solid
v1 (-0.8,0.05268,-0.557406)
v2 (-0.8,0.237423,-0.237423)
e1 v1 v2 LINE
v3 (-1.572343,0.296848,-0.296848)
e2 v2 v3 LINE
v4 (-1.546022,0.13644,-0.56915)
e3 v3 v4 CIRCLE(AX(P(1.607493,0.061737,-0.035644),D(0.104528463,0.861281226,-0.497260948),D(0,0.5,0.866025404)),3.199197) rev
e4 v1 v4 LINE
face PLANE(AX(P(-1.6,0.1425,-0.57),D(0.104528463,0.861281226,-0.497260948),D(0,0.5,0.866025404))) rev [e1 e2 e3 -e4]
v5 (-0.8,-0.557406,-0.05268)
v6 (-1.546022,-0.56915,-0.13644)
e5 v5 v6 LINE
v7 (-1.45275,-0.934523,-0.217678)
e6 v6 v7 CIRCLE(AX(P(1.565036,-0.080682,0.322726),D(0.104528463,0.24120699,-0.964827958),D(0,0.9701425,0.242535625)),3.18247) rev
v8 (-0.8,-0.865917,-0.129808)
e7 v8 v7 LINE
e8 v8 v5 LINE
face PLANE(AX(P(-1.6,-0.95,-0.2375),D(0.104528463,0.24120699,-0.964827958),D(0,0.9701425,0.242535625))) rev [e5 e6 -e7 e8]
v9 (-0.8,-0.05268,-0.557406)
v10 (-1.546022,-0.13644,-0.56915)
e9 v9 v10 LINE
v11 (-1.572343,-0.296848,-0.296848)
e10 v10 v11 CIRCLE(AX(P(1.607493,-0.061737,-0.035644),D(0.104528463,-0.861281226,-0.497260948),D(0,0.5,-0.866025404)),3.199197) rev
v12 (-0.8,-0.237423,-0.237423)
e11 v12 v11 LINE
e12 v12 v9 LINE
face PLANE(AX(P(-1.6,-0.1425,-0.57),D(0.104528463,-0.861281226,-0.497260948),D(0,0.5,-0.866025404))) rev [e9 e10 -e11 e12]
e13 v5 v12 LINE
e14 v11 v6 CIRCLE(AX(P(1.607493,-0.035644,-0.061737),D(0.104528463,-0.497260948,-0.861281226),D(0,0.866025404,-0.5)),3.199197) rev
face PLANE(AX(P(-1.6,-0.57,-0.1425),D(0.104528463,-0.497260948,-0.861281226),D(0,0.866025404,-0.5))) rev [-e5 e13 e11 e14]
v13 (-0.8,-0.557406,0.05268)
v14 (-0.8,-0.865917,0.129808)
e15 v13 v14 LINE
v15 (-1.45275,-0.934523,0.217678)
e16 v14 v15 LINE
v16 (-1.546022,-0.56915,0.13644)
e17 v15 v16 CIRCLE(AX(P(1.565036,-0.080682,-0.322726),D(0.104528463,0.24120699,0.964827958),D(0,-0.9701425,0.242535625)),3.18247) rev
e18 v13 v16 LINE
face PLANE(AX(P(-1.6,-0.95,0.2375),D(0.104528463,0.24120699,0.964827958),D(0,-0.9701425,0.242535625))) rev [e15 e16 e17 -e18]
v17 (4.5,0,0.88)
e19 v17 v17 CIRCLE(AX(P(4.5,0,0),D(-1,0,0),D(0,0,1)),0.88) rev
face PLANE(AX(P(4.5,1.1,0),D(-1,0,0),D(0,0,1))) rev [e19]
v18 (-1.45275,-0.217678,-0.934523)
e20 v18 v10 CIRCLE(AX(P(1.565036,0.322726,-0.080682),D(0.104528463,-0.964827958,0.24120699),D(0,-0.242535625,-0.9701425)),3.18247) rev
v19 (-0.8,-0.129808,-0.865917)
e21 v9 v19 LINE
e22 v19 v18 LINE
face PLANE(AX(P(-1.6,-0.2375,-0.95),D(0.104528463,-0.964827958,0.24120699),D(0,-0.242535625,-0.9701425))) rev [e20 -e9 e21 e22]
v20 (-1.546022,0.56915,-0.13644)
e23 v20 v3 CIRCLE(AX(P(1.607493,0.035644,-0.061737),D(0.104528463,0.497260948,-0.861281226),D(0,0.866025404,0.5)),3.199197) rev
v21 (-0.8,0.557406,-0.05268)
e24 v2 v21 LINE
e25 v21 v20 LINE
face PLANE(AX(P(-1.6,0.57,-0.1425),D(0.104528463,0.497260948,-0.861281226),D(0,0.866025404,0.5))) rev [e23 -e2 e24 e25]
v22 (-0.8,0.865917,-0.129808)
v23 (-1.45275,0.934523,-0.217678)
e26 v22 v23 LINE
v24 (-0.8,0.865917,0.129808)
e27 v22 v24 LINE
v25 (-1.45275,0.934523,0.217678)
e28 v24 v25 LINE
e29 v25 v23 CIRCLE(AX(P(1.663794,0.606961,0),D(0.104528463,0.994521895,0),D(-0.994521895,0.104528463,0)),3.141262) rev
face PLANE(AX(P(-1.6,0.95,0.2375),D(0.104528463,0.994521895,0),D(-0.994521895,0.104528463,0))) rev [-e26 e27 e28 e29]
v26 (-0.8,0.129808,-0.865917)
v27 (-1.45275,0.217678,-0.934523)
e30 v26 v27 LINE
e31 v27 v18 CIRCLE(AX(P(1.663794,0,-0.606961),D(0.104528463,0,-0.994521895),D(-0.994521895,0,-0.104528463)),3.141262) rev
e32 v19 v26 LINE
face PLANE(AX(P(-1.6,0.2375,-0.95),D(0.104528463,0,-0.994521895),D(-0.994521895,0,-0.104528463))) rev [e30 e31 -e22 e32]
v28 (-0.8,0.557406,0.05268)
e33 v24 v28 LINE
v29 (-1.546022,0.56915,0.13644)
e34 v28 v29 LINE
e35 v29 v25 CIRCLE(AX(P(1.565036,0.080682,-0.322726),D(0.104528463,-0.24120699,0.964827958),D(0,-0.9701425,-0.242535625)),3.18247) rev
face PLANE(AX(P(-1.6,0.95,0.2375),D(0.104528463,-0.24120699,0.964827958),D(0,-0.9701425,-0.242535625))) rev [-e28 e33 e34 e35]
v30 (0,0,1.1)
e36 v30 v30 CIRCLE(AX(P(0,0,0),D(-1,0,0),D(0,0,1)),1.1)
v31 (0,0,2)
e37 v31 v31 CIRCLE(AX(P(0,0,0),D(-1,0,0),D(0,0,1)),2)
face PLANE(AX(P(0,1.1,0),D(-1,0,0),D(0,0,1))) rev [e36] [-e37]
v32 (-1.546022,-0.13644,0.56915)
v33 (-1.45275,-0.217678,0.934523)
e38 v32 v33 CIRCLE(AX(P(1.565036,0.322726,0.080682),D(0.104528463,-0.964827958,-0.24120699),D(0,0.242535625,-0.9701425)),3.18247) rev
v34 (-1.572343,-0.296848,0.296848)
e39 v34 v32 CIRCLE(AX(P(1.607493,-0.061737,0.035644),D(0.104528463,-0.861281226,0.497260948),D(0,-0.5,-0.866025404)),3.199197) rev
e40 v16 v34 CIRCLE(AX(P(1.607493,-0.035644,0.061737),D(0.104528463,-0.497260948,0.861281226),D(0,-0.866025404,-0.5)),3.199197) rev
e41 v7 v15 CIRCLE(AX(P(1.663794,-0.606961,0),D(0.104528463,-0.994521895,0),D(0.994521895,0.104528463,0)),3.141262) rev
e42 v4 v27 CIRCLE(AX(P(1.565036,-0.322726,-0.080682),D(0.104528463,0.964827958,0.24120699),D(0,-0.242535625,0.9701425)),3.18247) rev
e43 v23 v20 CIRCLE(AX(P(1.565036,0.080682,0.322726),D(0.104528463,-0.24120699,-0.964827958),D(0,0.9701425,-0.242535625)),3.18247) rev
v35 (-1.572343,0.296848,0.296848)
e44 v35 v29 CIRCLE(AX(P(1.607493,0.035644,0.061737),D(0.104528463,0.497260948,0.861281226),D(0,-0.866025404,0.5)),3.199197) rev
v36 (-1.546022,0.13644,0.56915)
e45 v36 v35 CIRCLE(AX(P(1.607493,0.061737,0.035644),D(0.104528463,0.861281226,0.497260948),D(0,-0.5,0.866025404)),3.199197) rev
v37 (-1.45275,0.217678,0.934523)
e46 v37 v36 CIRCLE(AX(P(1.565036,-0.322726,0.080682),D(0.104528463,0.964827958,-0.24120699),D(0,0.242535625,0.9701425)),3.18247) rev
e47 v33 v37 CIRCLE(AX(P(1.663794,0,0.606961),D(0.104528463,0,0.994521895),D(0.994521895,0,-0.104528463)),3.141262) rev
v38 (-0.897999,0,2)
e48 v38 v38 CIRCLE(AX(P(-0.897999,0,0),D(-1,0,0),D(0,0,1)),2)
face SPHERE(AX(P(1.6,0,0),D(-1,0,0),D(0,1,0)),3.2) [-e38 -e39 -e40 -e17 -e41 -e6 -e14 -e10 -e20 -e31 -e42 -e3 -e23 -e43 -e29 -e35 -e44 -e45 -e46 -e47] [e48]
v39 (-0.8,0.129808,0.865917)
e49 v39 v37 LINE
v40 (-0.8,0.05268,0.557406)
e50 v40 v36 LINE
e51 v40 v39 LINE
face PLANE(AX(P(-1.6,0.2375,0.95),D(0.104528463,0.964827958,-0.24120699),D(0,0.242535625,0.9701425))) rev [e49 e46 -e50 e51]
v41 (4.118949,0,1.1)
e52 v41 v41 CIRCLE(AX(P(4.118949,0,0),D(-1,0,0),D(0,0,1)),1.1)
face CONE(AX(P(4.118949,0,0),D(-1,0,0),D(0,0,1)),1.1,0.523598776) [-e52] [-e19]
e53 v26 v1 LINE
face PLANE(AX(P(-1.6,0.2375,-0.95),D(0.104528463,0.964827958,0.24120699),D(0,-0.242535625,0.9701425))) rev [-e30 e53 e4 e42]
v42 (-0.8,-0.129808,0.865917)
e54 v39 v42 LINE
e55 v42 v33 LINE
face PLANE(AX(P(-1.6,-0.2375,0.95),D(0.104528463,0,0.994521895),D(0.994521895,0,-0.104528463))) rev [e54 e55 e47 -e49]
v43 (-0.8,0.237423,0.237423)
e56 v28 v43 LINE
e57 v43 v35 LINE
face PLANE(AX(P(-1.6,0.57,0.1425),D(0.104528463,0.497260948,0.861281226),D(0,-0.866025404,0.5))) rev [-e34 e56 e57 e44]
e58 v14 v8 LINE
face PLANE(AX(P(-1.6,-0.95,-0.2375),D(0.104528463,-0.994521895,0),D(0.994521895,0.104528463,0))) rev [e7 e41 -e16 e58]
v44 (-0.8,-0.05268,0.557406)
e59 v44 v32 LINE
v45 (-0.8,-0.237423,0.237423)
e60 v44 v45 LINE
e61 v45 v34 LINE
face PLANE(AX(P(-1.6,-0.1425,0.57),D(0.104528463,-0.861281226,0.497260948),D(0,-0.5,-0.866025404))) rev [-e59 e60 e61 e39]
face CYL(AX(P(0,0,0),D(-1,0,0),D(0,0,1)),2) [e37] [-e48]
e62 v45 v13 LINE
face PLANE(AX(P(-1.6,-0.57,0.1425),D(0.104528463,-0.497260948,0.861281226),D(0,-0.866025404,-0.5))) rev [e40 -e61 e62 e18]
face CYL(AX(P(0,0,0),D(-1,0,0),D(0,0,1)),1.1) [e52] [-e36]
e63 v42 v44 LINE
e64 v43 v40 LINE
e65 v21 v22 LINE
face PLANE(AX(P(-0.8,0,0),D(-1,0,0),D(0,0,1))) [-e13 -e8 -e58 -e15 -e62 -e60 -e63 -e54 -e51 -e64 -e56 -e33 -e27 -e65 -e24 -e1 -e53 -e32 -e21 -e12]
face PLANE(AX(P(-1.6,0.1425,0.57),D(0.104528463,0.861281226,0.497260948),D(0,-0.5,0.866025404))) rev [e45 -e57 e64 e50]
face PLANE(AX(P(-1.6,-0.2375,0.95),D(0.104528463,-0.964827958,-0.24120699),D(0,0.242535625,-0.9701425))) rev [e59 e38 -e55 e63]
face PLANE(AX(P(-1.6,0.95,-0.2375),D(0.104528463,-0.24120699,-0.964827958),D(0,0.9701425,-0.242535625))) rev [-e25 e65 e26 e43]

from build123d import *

# Parameters (mm, degrees)
CHAMFER1_SIZE      = 0.22
CHAMFER1_SIZE2     = 0.381051178
CUT_EXTRUDE1_DEPTH = 0.8
CUT_EXTRUDE1_TAPER = 6


with BuildPart() as part:
    # Sketch1 → Revolve1 (revolve)
    with BuildSketch(Plane.XY, mode=Mode.PRIVATE) as revolve1_sk:
        with BuildLine():
            Line((0, 2), (-0.897999199, 2))
            ThreePointArc((-0.897999199, 2), (-1.419403703, 1.059811908), (-1.6, 0))
            Line((-1.6, 0), (4.5, 0))
            Line((4.5, 0), (4.5, 1.1))
            Line((4.5, 1.1), (0, 1.1))
            Line((0, 1.1), (0, 2))
        make_face()
    revolve(revolve1_sk.sketch.rotate(Axis((0, 0, 0), (1, 0, 0)), 90), axis=Axis((0, 0, 0), (1, 0, 0)))

    # Chamfer1
    chamfer1_edges = [part.edges().sort_by_distance(p)[0] for p in [
        (4.5, 0, -1.1),
    ]]
    chamfer1_side = [part.faces().sort_by_distance(p)[0] for p in [
        (4.5, 0, 0),
    ]]
    chamfer(chamfer1_edges, length=CHAMFER1_SIZE, length2=CHAMFER1_SIZE2, reference=chamfer1_side[0])

    # Sketch3 → Cut-Extrude1 (cut)
    with BuildSketch(Plane(origin=(-1.6, 0, 0), x_dir=(0, 0, -1), z_dir=(1, 0, 0))):
        Polygon((-0.2375, 0.95), (-0.1425, 0.57), (-0.29897586, 0.29897586), (-0.57, 0.1425), (-0.95, 0.2375), (-0.95, -0.2375), (-0.57, -0.1425), (-0.29897586, -0.29897586), (-0.1425, -0.57), (-0.2375, -0.95), (0.2375, -0.95), (0.1425, -0.57), (0.29897586, -0.29897586), (0.57, -0.1425), (0.95, -0.2375), (0.95, 0.2375), (0.57, 0.1425), (0.29897586, 0.29897586), (0.1425, 0.57), (0.2375, 0.95), align=None)
    extrude(amount=CUT_EXTRUDE1_DEPTH, taper=CUT_EXTRUDE1_TAPER, mode=Mode.SUBTRACT)


solid = part.part
